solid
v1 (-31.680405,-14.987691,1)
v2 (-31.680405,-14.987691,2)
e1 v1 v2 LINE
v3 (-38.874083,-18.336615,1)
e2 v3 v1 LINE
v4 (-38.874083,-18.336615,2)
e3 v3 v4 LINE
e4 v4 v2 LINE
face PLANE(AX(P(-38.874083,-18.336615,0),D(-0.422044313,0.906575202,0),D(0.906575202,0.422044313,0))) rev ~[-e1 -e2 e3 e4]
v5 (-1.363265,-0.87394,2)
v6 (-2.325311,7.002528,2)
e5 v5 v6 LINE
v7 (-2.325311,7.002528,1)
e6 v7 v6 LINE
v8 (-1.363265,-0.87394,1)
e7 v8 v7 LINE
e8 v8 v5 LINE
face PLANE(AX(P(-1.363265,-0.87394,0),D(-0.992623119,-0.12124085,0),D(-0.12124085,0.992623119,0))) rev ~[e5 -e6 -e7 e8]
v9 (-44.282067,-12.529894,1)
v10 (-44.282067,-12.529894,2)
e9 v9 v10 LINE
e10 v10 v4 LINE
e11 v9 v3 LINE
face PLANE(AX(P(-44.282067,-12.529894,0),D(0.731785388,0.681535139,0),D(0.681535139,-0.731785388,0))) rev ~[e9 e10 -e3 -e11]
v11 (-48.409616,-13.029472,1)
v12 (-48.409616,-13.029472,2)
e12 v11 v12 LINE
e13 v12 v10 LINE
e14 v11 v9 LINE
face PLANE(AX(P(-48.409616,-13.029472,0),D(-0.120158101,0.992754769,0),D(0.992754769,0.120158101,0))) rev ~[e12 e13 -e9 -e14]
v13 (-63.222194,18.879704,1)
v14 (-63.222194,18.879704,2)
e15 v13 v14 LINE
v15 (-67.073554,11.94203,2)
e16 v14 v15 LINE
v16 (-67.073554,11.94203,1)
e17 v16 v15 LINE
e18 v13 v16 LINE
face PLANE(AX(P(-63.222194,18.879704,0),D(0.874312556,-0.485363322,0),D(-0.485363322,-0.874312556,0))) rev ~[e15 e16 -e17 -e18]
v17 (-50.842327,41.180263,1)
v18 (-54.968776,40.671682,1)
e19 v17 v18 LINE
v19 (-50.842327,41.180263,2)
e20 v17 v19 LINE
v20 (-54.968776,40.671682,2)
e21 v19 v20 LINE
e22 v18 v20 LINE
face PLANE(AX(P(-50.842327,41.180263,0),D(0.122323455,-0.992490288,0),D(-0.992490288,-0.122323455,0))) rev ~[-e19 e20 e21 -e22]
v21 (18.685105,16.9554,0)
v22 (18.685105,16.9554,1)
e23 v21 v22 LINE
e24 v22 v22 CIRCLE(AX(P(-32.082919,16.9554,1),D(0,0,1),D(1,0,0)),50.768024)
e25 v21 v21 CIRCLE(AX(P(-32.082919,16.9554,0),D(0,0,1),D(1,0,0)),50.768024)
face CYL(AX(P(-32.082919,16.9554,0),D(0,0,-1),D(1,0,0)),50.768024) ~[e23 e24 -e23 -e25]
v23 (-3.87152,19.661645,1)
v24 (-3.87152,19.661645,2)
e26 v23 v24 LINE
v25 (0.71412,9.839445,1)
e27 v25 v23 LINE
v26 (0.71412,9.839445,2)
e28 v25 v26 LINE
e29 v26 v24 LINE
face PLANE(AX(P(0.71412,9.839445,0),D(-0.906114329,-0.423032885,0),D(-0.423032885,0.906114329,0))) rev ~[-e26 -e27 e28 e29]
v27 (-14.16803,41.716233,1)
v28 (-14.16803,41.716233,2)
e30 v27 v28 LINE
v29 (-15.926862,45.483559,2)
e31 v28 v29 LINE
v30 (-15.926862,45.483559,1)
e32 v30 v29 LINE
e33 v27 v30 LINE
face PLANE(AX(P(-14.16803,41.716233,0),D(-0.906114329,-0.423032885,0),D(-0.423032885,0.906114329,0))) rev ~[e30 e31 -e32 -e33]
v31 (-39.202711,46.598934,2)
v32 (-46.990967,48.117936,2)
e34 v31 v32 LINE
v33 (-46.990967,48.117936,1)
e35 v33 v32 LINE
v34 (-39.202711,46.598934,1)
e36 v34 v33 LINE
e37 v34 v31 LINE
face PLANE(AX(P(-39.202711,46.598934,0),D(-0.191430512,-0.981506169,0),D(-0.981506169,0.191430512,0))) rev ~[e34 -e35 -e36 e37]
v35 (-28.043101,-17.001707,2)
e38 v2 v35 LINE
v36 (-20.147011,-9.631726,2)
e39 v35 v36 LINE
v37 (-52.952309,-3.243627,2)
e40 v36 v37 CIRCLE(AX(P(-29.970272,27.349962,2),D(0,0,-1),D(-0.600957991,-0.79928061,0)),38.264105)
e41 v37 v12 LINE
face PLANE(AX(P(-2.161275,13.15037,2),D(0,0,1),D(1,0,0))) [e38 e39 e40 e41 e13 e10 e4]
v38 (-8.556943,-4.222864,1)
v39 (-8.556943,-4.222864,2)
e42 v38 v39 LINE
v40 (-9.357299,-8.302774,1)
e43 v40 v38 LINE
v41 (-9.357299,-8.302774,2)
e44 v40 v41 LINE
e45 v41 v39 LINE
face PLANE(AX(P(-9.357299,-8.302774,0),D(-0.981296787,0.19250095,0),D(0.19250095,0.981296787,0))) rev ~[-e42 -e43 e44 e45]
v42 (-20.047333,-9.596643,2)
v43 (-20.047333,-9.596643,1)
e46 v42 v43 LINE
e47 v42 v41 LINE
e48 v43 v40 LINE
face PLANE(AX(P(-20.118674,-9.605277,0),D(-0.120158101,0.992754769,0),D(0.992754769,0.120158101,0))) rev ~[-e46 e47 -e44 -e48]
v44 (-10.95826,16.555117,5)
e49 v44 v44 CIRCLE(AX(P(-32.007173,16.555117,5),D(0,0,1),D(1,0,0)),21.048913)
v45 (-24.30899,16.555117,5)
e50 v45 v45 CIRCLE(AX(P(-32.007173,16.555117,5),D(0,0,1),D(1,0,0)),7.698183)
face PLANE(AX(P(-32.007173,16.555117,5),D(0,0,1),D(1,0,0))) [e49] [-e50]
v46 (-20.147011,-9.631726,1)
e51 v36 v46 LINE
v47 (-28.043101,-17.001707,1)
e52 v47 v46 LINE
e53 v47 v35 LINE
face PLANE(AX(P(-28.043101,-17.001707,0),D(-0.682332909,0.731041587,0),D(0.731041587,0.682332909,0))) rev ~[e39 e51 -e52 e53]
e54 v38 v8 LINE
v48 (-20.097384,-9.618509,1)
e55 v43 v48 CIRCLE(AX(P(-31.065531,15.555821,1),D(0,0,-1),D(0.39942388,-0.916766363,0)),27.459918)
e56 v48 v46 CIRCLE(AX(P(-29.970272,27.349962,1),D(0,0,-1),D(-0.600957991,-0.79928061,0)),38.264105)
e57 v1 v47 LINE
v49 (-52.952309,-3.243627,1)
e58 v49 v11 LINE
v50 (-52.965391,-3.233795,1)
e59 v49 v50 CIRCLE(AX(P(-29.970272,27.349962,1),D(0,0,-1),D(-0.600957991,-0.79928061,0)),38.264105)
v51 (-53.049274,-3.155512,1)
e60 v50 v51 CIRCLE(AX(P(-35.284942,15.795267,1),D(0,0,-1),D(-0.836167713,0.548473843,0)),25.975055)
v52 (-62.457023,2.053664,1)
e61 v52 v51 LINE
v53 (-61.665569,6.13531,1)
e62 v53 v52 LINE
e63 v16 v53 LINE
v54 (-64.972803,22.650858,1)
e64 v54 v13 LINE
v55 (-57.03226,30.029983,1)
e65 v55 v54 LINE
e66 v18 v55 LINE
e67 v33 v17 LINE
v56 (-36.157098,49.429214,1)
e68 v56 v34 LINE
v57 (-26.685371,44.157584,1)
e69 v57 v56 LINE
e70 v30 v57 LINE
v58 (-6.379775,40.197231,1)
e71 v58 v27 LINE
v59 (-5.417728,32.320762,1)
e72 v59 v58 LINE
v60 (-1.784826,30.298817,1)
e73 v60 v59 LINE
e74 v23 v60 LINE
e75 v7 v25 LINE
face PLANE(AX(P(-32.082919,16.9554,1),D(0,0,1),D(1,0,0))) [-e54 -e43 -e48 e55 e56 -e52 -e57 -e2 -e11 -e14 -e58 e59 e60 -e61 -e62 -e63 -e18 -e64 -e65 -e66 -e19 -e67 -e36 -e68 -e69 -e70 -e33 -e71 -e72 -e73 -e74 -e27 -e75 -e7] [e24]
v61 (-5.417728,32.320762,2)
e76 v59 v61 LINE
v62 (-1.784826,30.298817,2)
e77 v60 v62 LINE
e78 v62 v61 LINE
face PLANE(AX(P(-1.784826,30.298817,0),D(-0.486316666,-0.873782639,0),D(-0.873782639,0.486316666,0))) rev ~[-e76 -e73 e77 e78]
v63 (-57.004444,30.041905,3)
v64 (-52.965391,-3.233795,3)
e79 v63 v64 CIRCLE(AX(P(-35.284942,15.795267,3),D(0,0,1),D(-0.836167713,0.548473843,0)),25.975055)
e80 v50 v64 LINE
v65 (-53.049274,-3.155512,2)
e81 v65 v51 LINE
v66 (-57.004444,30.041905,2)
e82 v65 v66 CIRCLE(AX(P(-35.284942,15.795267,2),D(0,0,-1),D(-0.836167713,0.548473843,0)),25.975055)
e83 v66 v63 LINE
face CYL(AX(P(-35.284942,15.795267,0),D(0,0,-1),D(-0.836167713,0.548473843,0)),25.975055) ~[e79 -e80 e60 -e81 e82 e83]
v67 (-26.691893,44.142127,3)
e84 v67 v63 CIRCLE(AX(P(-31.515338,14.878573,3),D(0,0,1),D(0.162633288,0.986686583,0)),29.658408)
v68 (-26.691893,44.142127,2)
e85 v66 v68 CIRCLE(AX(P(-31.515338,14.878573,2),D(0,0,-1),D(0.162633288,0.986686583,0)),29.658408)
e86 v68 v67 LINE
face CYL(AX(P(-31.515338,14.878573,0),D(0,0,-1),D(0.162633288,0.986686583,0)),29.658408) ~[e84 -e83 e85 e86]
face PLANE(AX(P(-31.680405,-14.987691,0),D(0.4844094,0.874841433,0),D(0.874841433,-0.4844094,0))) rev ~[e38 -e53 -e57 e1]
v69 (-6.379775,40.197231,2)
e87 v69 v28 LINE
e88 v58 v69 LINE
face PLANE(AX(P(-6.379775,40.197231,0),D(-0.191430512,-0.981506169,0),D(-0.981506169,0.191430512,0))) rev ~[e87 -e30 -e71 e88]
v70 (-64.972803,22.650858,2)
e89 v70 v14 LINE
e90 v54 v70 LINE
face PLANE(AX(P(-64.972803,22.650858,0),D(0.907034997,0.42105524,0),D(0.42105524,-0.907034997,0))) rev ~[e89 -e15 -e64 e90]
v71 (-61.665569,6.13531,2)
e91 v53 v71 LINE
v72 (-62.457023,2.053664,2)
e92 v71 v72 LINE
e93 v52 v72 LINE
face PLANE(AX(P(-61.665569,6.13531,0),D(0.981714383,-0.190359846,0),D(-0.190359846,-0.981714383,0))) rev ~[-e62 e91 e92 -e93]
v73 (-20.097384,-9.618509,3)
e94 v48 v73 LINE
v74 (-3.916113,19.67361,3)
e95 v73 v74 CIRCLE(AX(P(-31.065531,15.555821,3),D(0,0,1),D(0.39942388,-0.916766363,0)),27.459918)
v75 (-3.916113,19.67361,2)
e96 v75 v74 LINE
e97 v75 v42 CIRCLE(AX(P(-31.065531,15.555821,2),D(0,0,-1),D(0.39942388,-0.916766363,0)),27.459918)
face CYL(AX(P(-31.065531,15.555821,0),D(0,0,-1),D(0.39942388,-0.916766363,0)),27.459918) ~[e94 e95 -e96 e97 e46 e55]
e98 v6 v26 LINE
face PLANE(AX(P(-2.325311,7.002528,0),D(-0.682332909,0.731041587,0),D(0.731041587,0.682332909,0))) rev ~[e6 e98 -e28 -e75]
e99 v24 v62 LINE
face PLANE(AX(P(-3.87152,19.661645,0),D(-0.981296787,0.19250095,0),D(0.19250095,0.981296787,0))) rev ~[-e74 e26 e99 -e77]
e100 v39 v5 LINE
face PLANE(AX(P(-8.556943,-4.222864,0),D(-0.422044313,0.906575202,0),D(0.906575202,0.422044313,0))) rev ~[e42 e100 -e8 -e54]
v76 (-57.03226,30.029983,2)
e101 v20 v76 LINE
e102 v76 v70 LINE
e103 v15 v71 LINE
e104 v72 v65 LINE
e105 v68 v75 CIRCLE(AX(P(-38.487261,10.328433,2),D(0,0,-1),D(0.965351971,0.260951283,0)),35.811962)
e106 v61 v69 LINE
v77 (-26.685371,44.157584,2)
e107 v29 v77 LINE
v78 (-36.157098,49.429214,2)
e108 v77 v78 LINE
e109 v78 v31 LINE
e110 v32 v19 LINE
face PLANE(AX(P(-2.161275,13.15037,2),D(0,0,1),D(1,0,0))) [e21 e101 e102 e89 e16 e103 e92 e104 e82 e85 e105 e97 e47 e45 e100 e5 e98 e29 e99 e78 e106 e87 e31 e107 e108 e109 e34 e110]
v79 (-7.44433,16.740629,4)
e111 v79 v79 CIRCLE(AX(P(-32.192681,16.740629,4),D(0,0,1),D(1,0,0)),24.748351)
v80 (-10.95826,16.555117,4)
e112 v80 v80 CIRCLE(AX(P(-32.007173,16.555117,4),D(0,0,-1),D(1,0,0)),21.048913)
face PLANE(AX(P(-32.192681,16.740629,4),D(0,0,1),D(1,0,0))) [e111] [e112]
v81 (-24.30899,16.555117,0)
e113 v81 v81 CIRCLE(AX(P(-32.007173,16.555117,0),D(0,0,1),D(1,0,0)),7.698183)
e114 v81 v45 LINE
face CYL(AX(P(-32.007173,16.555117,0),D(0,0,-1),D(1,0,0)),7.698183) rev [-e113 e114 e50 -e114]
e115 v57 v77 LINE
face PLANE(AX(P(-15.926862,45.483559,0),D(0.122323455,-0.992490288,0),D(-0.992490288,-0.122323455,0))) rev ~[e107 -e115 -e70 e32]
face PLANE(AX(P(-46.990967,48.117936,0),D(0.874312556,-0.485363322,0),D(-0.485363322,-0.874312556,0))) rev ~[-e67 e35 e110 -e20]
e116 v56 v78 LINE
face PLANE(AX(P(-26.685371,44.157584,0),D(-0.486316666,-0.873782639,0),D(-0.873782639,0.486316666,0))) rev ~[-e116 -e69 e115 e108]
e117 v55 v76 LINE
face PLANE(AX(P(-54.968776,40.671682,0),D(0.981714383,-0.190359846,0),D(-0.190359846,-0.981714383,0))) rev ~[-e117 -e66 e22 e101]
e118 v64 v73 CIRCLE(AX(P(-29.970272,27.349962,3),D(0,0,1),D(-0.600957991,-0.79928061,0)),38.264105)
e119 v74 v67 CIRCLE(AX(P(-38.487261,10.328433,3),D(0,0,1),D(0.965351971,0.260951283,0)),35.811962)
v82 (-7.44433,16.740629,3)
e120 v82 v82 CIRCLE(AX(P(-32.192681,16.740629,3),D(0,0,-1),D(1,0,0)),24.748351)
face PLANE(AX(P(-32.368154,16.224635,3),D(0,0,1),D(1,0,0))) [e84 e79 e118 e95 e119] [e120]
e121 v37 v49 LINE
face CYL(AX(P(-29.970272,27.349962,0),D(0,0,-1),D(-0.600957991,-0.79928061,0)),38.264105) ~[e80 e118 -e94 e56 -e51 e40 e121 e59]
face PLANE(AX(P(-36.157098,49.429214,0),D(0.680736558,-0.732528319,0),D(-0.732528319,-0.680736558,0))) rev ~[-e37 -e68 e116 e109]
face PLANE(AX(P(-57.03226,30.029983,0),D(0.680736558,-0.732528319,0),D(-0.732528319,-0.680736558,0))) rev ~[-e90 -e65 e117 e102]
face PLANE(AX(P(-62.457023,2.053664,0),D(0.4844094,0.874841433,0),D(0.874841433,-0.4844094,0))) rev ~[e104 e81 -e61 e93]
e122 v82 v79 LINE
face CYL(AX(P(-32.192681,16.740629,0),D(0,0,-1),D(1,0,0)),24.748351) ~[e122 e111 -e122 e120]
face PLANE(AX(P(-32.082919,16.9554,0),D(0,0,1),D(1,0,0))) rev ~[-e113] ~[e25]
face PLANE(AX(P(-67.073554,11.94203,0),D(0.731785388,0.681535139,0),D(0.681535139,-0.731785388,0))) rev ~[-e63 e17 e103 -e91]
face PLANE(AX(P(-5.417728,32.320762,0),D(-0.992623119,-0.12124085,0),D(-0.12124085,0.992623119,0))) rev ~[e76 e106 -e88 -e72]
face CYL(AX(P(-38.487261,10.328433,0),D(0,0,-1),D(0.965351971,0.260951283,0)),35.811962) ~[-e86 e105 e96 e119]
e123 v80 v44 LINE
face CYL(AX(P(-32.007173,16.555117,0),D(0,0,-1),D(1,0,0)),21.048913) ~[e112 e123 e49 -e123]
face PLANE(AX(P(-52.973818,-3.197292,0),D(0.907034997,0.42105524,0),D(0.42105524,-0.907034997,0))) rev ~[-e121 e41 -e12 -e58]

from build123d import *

# Parameters (mm, degrees)
F0_R     = 9.34954834
F1_DEPTH = 2
F2_R     = 9.9314109332
F3_DEPTH = 3
F4_R     = 24.7483511113
F4_R_2   = 9.9812356791
F5_DEPTH = 4
F6_R     = 21.0489130691
F6_R_2   = 7.6981825143
F7_DEPTH = 5
F8_R     = 50.7680243712
F8_R_2   = 10.127452023
F9_DEPTH = 1


with BuildPart() as f1:
    # F0 (on Top) → F1 (new body)
    with BuildSketch(Plane.XY):
        Polygon((-2.3253114279, 7.0025283952), (0.7141198772, 9.8394449822), (-3.8715197243, 19.6616453301), align=None)
        Polygon((-1.3632647613, -0.8739403047), (-2.3253114279, 7.0025283952), (-7.2580368413, 2.3984662733), (-8.5569428744, -4.2228637399), align=None)
        Polygon((-7.2580368413, 2.3984662733), (-2.3253114279, 7.0025283952), (-3.8715197243, 19.6616453301), align=None)
        Polygon((-7.2580368413, 2.3984662733), (-3.8715197243, 19.6616453301), (-11.3136030379, 35.6021988113), (-26.6853706311, 44.1575836885), (-44.1454681102, 42.0056437837), (-57.0322600669, 30.0299833677), (-60.3811104422, 12.7594578836), (-52.9738182843, -3.1972921683), (-37.5834241603, -11.7191240163), (-20.1186738854, -9.6052774824), align=None)
        with Locations((-32.1363285184, 16.2093285471)):
            Circle(F0_R, mode=Mode.SUBTRACT)
        Polygon((-5.4177280207, 32.3207622651), (-3.8715197243, 19.6616453301), (-1.7848262074, 30.2988169654), align=None)
        Polygon((-11.3136030379, 35.6021988113), (-3.8715197243, 19.6616453301), (-5.4177280207, 32.3207622651), align=None)
        Polygon((-8.5569428744, -4.2228637399), (-7.2580368413, 2.3984662733), (-20.1186738854, -9.6052774824), align=None)
        Polygon((-26.6853706311, 44.1575836885), (-11.3136030379, 35.6021988113), (-14.1680303391, 41.7162328976), align=None)
        Polygon((-14.1680303391, 41.7162328976), (-11.3136030379, 35.6021988113), (-5.4177280207, 32.3207622651), (-6.3797746873, 40.197230965), align=None)
        Polygon((-8.5569428744, -4.2228637399), (-20.1186738854, -9.6052774824), (-9.3572987281, -8.3027741418), align=None)
        Polygon((-31.6804048965, -14.9876912249), (-20.1186738854, -9.6052774824), (-37.5834241603, -11.7191240163), align=None)
        Polygon((-28.0431009638, -17.0017067365), (-20.1186738854, -9.6052774824), (-31.6804048965, -14.9876912249), align=None)
        Polygon((-26.6853706311, 44.1575836885), (-14.1680303391, 41.7162328976), (-15.9268624188, 45.4835592832), align=None)
        Polygon((-39.202710923, 46.5989344794), (-26.6853706311, 44.1575836885), (-36.1570982709, 49.4292139626), align=None)
        Polygon((-44.1454681102, 42.0056437837), (-26.6853706311, 44.1575836885), (-39.202710923, 46.5989344794), align=None)
        Polygon((-44.2820672543, -12.5298944689), (-37.5834241603, -11.7191240163), (-52.9738182843, -3.1972921683), align=None)
        Polygon((-31.6804048965, -14.9876912249), (-37.5834241603, -11.7191240163), (-44.2820672543, -12.5298944689), (-38.8740830096, -18.3366146601), align=None)
        Polygon((-57.0322600669, 30.0299833677), (-44.1454681102, 42.0056437837), (-50.8423266141, 41.1802625354), align=None)
        Polygon((-50.8423266141, 41.1802625354), (-44.1454681102, 42.0056437837), (-39.202710923, 46.5989344794), (-46.9909665748, 48.117936412), align=None)
        Polygon((-44.2820672543, -12.5298944689), (-52.9738182843, -3.1972921683), (-48.4096161882, -13.0294724686), align=None)
        Polygon((-61.6655693143, 6.1353101322), (-52.9738182843, -3.1972921683), (-60.3811104422, 12.7594578836), align=None)
        Polygon((-62.4570231615, 2.0536635052), (-52.9738182843, -3.1972921683), (-61.6655693143, 6.1353101322), align=None)
        Polygon((-57.0322600669, 30.0299833677), (-50.8423266141, 41.1802625354), (-54.968775925, 40.6716817015), align=None)
        Polygon((-63.2221935197, 18.8797042), (-57.0322600669, 30.0299833677), (-64.9728031974, 22.650858418), align=None)
        Polygon((-60.3811104422, 12.7594578836), (-57.0322600669, 30.0299833677), (-63.2221935197, 18.8797042), align=None)
        Polygon((-61.6655693143, 6.1353101322), (-60.3811104422, 12.7594578836), (-63.2221935197, 18.8797042), (-67.0735535589, 11.9420303234), align=None)
    extrude(amount=F1_DEPTH)

    # F2 (on Top) → F3 (join)
    with BuildSketch(Plane.XY):
        with BuildLine():
            ThreePointArc((-3.9161127061, 19.6736101061), (-12.2738953914, 34.7283526931), (-26.6918931156, 44.142127037))
            ThreePointArc((-26.6918931156, 44.142127037), (-44.0241929939, 41.7700167457), (-57.0044443011, 30.04190512))
            ThreePointArc((-57.0044443011, 30.04190512), (-61.0707346416, 12.665349743), (-52.9653914273, -3.2337950543))
            ThreePointArc((-52.9653914273, -3.2337950543), (-37.2668042058, -10.2120179587), (-20.0973842293, -9.6185086295))
            ThreePointArc((-20.0973842293, -9.6185086295), (-7.0292200811, 2.277912207), (-3.9161127061, 19.6736101061))
        make_face()
        with Locations((-31.4443483949, 17.2526501119)):
            Circle(F2_R, mode=Mode.SUBTRACT)
    extrude(amount=F3_DEPTH)

    # F4 (on Top) → F5 (join)
    with BuildSketch(Plane.XY):
        with Locations((-32.1926809847, 16.7406294495)):
            Circle(F4_R)
        with Locations((-32.1926809847, 16.7406294495)):
            Circle(F4_R_2, mode=Mode.SUBTRACT)
    extrude(amount=F5_DEPTH)

    # F6 (on Top) → F7 (join)
    with BuildSketch(Plane.XY):
        with Locations((-32.0071727037, 16.5551174432)):
            Circle(F6_R)
        with Locations((-32.0071727037, 16.5551174432)):
            Circle(F6_R_2, mode=Mode.SUBTRACT)
    extrude(amount=F7_DEPTH)

    # F8 (on Top) → F9 (join)
    with BuildSketch(Plane.XY):
        with Locations((-32.0829190314, 16.9553998858)):
            Circle(F8_R)
        with Locations((-32.0829190314, 16.9553998858)):
            Circle(F8_R_2, mode=Mode.SUBTRACT)
    extrude(amount=F9_DEPTH)


solid = f1.part
